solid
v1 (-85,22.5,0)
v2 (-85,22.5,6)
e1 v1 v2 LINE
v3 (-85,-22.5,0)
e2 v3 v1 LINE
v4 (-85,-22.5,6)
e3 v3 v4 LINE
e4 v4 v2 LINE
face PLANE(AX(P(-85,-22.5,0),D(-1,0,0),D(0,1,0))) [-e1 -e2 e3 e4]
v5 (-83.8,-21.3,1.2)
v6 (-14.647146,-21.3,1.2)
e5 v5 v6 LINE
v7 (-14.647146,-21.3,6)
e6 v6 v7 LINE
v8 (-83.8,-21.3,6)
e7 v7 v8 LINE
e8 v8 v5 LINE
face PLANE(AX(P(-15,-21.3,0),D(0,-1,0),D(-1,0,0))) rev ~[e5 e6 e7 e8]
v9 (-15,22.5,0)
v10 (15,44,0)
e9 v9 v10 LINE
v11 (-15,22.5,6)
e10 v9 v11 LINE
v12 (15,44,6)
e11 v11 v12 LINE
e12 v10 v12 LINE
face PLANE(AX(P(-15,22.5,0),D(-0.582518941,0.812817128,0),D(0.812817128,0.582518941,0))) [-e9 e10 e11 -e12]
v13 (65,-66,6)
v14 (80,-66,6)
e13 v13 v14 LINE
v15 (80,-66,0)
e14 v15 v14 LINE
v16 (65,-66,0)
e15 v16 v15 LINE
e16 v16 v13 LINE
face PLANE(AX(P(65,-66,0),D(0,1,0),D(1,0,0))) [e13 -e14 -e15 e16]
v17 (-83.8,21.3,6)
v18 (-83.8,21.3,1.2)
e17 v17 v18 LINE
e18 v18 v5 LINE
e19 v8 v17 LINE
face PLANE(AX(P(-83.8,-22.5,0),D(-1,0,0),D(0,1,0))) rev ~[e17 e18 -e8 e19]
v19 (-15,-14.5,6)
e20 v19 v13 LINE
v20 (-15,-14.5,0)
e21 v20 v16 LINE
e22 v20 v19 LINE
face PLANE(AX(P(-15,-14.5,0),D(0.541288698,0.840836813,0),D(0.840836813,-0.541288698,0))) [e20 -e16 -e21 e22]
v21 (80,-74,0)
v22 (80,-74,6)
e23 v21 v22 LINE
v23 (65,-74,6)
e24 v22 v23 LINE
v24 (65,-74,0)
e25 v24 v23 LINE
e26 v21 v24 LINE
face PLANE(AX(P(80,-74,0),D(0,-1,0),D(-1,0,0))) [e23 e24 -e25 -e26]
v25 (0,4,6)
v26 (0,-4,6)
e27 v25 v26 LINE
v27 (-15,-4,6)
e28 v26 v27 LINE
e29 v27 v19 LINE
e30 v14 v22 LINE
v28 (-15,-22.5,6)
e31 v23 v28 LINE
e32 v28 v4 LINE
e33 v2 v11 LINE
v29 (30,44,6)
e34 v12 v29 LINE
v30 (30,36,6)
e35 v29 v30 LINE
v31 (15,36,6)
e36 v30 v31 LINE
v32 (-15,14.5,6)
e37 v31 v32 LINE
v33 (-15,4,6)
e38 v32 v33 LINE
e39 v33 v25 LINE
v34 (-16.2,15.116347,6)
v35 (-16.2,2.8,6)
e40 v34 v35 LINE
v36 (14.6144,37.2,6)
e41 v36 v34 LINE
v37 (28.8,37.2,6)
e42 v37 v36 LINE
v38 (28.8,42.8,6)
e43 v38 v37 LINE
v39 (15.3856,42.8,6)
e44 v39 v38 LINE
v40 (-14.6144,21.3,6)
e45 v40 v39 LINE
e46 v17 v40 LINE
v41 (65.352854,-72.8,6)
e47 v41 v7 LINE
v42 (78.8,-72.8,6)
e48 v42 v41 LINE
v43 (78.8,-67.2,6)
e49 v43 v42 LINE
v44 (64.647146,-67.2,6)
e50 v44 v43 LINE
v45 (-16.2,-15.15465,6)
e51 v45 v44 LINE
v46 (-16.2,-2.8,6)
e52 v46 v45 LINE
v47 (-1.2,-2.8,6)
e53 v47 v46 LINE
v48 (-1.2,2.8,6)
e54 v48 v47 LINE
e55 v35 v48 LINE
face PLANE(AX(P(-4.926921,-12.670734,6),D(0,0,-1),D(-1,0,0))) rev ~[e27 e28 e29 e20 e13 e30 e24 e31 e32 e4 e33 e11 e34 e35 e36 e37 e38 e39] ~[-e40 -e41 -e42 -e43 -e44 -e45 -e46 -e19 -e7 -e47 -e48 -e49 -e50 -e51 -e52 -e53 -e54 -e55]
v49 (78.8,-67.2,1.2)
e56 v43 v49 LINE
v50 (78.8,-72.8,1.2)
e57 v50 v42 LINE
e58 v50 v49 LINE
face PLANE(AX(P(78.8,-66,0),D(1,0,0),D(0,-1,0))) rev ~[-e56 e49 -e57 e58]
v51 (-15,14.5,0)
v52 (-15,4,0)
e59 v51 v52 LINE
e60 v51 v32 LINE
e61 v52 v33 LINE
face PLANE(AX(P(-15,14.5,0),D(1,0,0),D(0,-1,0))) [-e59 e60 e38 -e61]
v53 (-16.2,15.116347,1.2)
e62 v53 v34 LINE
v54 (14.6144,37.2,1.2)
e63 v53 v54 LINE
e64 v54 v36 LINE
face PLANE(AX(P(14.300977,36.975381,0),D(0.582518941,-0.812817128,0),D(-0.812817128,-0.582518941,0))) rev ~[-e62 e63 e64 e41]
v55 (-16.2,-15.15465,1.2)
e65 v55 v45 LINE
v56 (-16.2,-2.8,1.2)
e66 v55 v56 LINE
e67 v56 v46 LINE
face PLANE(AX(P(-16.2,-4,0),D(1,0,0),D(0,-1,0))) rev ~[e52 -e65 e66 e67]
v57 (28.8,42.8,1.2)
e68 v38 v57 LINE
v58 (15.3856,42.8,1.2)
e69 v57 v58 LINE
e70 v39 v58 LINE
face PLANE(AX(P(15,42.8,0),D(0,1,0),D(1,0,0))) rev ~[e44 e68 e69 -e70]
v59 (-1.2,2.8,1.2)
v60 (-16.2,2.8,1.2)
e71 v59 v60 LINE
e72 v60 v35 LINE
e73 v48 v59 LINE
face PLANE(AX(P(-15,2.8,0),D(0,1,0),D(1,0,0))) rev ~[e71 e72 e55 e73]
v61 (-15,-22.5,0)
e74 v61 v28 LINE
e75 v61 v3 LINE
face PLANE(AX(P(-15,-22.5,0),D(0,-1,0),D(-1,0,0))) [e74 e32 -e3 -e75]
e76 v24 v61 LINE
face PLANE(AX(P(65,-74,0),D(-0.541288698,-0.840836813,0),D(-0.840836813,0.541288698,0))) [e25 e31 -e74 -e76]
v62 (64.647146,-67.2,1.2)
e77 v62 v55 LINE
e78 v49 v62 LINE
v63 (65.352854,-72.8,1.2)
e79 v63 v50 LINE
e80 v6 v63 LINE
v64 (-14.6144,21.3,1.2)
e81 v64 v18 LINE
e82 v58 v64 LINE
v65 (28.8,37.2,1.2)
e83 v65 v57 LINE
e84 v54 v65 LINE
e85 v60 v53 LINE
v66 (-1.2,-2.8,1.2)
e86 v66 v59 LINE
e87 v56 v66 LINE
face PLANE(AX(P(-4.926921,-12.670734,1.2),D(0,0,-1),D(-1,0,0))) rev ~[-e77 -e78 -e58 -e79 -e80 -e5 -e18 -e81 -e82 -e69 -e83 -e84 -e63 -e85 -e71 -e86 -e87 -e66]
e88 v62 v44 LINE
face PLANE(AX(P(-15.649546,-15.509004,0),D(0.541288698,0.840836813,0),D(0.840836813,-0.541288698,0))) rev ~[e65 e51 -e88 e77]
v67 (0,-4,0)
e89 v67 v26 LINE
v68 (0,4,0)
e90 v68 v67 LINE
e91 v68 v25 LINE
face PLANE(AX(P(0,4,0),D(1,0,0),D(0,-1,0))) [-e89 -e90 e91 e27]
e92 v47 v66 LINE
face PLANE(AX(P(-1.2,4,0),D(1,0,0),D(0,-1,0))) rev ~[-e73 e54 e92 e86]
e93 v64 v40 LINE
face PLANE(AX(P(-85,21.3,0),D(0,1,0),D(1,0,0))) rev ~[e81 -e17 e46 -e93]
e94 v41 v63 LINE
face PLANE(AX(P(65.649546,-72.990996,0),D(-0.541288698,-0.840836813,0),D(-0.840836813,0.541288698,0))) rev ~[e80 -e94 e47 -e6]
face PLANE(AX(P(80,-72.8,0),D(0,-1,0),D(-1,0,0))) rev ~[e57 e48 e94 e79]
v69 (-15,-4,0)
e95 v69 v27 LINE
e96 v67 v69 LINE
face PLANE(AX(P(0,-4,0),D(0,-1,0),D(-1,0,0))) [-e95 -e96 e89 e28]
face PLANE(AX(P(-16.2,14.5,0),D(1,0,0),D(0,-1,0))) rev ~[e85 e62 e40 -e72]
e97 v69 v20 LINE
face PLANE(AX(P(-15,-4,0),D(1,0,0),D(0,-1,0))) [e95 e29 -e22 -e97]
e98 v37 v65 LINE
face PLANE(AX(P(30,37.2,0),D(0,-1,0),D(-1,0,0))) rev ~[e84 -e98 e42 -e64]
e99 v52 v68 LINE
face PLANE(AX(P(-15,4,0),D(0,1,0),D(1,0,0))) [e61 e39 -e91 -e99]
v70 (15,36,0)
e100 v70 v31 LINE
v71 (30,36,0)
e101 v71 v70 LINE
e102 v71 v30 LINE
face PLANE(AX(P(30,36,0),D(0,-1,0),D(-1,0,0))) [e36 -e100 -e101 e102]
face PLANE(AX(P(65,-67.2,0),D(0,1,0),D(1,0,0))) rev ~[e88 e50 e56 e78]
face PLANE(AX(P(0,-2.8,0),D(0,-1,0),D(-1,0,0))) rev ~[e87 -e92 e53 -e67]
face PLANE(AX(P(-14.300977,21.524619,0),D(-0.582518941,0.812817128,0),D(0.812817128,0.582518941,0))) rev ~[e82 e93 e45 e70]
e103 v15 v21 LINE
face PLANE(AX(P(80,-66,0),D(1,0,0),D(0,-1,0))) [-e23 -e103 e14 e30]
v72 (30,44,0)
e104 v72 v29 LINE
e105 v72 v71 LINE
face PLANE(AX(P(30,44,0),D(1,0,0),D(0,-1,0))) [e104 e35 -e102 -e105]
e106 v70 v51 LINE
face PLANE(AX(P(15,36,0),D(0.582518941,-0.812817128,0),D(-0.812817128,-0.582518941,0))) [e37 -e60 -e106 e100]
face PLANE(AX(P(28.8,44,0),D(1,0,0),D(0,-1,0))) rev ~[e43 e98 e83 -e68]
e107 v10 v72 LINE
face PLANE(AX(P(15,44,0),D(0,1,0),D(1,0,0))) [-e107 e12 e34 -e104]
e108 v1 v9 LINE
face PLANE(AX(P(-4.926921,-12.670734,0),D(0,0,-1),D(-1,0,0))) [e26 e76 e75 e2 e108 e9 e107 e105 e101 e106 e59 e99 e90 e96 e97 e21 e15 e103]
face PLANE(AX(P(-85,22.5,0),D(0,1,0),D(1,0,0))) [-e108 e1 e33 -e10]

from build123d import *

# Parameters (mm, degrees)
PAD_DEPTH   = 6
THICKNESS_T = -1.2


with BuildPart() as part:
    # Sketch → Pad (new body)
    with BuildSketch(Plane.XY):
        Polygon((80, -74), (65, -74), (-15, -22.5), (-85, -22.5), (-85, 22.5), (-15, 22.5), (15, 44), (30, 44), (30, 36), (15, 36), (-15, 14.5), (-15, 4), (0, 4), (0, -4), (-15, -4), (-15, -14.5), (65, -66), (80, -66), align=None)
    extrude(amount=PAD_DEPTH)

    # Thickness
    thickness_openings = [part.faces().sort_by_distance(p)[0] for p in [
        (-29.840547, -5.671982, 6),
    ]]
    offset(amount=THICKNESS_T, openings=thickness_openings, kind=Kind.INTERSECTION)


solid = part.part
